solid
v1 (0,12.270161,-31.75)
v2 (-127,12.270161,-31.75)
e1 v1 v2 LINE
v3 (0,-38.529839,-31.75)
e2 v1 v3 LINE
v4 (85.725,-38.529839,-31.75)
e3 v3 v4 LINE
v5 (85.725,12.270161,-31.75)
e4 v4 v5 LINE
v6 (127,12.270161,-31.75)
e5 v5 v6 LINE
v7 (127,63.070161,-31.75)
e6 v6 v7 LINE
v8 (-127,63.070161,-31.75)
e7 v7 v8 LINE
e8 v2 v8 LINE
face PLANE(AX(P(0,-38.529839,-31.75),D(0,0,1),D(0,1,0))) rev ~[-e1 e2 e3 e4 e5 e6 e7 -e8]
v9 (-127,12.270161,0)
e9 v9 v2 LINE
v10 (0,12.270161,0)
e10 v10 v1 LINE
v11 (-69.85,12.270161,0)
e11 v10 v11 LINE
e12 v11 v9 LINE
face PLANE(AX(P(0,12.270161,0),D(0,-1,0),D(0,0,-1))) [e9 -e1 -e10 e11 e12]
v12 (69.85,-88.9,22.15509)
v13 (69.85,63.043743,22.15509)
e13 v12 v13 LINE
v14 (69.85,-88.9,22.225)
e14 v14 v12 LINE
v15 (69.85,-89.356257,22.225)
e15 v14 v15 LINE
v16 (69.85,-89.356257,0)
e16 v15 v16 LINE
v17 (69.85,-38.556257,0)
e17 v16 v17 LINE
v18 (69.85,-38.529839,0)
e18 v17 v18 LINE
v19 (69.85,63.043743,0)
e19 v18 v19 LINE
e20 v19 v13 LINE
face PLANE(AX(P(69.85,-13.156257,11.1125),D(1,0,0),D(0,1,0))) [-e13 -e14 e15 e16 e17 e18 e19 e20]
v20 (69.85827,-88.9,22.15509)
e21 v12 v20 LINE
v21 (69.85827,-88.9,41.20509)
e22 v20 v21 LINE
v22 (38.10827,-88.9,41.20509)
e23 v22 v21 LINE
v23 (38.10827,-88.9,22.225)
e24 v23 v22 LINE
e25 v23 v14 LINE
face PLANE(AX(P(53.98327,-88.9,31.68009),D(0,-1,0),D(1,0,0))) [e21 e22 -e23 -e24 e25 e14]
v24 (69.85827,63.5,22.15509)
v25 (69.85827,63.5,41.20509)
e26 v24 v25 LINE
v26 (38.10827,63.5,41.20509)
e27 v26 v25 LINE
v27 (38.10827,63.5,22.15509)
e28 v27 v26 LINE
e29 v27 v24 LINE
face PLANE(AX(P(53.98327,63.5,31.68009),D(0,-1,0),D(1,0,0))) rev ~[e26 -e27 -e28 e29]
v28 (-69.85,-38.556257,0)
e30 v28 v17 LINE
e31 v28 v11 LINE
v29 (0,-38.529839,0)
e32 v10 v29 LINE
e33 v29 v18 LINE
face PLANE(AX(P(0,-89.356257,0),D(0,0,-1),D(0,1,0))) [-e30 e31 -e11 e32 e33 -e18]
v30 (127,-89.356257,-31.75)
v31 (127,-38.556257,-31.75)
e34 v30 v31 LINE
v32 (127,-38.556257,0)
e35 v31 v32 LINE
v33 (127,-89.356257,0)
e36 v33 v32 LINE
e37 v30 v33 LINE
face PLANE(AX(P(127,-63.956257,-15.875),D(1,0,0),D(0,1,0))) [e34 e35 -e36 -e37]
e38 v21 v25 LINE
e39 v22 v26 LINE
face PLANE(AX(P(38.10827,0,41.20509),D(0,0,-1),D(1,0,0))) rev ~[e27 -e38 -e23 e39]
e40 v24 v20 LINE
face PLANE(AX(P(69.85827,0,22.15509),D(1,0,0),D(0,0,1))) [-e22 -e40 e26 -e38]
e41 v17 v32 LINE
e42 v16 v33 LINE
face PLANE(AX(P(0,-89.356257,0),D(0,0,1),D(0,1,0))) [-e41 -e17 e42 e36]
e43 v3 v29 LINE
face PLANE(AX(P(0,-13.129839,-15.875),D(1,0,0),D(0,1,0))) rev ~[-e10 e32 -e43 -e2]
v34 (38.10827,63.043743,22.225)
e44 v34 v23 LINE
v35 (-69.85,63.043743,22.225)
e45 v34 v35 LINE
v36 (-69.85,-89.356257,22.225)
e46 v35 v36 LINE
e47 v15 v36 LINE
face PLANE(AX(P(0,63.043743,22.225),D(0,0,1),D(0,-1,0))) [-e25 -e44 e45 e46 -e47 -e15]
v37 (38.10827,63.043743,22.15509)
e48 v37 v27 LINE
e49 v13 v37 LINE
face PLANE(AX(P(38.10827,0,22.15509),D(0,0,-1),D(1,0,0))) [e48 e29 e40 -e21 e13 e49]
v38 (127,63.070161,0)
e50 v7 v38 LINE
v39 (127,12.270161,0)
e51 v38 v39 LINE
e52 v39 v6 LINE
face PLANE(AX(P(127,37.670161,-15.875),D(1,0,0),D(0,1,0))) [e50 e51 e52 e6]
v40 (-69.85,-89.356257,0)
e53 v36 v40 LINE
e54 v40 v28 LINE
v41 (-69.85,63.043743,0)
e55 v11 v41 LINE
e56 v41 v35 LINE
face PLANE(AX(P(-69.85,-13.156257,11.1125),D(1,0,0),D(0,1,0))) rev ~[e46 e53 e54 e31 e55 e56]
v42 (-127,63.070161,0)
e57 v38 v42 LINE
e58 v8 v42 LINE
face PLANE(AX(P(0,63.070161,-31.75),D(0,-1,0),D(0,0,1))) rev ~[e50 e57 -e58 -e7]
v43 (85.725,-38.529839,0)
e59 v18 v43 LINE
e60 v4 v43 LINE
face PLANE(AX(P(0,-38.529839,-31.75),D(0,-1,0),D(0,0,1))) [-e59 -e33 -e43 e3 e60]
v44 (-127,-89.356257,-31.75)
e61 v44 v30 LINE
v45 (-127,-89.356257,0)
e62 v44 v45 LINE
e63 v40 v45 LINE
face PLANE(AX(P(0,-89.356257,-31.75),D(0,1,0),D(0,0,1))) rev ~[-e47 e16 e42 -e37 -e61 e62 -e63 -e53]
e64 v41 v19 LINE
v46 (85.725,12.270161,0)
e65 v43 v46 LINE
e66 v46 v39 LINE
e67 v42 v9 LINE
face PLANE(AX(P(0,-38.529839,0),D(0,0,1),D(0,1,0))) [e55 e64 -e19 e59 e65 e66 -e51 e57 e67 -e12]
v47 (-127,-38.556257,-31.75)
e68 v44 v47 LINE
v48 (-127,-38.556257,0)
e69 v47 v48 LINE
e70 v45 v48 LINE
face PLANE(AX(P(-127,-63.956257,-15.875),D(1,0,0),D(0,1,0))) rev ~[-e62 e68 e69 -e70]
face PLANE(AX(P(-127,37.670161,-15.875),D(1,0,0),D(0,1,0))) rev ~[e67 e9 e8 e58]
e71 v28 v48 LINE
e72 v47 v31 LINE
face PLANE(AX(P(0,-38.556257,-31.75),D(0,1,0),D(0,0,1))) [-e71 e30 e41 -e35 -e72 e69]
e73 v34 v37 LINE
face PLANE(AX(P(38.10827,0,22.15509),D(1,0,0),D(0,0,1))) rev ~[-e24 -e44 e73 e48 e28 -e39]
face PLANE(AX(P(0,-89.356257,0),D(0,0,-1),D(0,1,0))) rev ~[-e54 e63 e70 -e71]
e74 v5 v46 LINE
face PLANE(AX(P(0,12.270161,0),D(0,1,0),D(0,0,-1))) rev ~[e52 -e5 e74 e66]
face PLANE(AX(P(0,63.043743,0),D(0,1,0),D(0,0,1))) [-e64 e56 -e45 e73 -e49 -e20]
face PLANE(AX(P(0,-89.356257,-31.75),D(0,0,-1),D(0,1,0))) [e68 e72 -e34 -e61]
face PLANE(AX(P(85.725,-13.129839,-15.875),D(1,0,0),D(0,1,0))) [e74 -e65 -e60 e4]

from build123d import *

# Parameters (mm, degrees)
F1_DEPTH      = 69.85
F1_DEPTH_BACK = 69.85
F0_W          = 50.8
F0_H          = 31.75
F2_DEPTH      = 85.725
F3_DEPTH      = 127
F3_DEPTH_BACK = 127
F4_W          = 31.75
F4_H          = 19.05
F5_DEPTH      = 88.9
F5_DEPTH_BACK = 63.5


with BuildPart() as f1:
    # F0 (on Right) → F1 (new body, two sides)
    with BuildSketch(Plane.YZ) as f1_sk:
        Polygon((-89.356257, 22.225), (-89.356257, 0), (-38.556257, 0), (-38.529839, 0), (12.270161, 0), (63.043743, 0), (63.043743, 22.225), (31.293743, 22.225), (-57.606257, 22.225), align=None)
    extrude(amount=F1_DEPTH)
    extrude(f1_sk.sketch, amount=-F1_DEPTH_BACK)

    # F0 (on Right) → F2 (join)
    with BuildSketch(Plane.YZ):
        with Locations((-13.129839, -15.875)):
            Rectangle(F0_W, F0_H)
    extrude(amount=F2_DEPTH)

    # F0 (on Right) → F3 (join, two sides)
    with BuildSketch(Plane.YZ) as f3_sk:
        with Locations((-63.956257, -15.875)):
            Rectangle(F0_W, F0_H)
        Polygon((63.043743, 0), (12.270161, 0), (12.270161, -31.75), (63.070161, -31.75), (63.070161, 0), align=None)
    extrude(amount=F3_DEPTH)
    extrude(f3_sk.sketch, amount=-F3_DEPTH_BACK)

    # F4 (on Front) → F5 (join, two sides)
    with BuildSketch(Plane.XZ) as f5_sk:
        with Locations((53.98327, 31.68009)):
            Rectangle(F4_W, F4_H)
    extrude(amount=F5_DEPTH)
    extrude(f5_sk.sketch, amount=-F5_DEPTH_BACK)


solid = f1.part
